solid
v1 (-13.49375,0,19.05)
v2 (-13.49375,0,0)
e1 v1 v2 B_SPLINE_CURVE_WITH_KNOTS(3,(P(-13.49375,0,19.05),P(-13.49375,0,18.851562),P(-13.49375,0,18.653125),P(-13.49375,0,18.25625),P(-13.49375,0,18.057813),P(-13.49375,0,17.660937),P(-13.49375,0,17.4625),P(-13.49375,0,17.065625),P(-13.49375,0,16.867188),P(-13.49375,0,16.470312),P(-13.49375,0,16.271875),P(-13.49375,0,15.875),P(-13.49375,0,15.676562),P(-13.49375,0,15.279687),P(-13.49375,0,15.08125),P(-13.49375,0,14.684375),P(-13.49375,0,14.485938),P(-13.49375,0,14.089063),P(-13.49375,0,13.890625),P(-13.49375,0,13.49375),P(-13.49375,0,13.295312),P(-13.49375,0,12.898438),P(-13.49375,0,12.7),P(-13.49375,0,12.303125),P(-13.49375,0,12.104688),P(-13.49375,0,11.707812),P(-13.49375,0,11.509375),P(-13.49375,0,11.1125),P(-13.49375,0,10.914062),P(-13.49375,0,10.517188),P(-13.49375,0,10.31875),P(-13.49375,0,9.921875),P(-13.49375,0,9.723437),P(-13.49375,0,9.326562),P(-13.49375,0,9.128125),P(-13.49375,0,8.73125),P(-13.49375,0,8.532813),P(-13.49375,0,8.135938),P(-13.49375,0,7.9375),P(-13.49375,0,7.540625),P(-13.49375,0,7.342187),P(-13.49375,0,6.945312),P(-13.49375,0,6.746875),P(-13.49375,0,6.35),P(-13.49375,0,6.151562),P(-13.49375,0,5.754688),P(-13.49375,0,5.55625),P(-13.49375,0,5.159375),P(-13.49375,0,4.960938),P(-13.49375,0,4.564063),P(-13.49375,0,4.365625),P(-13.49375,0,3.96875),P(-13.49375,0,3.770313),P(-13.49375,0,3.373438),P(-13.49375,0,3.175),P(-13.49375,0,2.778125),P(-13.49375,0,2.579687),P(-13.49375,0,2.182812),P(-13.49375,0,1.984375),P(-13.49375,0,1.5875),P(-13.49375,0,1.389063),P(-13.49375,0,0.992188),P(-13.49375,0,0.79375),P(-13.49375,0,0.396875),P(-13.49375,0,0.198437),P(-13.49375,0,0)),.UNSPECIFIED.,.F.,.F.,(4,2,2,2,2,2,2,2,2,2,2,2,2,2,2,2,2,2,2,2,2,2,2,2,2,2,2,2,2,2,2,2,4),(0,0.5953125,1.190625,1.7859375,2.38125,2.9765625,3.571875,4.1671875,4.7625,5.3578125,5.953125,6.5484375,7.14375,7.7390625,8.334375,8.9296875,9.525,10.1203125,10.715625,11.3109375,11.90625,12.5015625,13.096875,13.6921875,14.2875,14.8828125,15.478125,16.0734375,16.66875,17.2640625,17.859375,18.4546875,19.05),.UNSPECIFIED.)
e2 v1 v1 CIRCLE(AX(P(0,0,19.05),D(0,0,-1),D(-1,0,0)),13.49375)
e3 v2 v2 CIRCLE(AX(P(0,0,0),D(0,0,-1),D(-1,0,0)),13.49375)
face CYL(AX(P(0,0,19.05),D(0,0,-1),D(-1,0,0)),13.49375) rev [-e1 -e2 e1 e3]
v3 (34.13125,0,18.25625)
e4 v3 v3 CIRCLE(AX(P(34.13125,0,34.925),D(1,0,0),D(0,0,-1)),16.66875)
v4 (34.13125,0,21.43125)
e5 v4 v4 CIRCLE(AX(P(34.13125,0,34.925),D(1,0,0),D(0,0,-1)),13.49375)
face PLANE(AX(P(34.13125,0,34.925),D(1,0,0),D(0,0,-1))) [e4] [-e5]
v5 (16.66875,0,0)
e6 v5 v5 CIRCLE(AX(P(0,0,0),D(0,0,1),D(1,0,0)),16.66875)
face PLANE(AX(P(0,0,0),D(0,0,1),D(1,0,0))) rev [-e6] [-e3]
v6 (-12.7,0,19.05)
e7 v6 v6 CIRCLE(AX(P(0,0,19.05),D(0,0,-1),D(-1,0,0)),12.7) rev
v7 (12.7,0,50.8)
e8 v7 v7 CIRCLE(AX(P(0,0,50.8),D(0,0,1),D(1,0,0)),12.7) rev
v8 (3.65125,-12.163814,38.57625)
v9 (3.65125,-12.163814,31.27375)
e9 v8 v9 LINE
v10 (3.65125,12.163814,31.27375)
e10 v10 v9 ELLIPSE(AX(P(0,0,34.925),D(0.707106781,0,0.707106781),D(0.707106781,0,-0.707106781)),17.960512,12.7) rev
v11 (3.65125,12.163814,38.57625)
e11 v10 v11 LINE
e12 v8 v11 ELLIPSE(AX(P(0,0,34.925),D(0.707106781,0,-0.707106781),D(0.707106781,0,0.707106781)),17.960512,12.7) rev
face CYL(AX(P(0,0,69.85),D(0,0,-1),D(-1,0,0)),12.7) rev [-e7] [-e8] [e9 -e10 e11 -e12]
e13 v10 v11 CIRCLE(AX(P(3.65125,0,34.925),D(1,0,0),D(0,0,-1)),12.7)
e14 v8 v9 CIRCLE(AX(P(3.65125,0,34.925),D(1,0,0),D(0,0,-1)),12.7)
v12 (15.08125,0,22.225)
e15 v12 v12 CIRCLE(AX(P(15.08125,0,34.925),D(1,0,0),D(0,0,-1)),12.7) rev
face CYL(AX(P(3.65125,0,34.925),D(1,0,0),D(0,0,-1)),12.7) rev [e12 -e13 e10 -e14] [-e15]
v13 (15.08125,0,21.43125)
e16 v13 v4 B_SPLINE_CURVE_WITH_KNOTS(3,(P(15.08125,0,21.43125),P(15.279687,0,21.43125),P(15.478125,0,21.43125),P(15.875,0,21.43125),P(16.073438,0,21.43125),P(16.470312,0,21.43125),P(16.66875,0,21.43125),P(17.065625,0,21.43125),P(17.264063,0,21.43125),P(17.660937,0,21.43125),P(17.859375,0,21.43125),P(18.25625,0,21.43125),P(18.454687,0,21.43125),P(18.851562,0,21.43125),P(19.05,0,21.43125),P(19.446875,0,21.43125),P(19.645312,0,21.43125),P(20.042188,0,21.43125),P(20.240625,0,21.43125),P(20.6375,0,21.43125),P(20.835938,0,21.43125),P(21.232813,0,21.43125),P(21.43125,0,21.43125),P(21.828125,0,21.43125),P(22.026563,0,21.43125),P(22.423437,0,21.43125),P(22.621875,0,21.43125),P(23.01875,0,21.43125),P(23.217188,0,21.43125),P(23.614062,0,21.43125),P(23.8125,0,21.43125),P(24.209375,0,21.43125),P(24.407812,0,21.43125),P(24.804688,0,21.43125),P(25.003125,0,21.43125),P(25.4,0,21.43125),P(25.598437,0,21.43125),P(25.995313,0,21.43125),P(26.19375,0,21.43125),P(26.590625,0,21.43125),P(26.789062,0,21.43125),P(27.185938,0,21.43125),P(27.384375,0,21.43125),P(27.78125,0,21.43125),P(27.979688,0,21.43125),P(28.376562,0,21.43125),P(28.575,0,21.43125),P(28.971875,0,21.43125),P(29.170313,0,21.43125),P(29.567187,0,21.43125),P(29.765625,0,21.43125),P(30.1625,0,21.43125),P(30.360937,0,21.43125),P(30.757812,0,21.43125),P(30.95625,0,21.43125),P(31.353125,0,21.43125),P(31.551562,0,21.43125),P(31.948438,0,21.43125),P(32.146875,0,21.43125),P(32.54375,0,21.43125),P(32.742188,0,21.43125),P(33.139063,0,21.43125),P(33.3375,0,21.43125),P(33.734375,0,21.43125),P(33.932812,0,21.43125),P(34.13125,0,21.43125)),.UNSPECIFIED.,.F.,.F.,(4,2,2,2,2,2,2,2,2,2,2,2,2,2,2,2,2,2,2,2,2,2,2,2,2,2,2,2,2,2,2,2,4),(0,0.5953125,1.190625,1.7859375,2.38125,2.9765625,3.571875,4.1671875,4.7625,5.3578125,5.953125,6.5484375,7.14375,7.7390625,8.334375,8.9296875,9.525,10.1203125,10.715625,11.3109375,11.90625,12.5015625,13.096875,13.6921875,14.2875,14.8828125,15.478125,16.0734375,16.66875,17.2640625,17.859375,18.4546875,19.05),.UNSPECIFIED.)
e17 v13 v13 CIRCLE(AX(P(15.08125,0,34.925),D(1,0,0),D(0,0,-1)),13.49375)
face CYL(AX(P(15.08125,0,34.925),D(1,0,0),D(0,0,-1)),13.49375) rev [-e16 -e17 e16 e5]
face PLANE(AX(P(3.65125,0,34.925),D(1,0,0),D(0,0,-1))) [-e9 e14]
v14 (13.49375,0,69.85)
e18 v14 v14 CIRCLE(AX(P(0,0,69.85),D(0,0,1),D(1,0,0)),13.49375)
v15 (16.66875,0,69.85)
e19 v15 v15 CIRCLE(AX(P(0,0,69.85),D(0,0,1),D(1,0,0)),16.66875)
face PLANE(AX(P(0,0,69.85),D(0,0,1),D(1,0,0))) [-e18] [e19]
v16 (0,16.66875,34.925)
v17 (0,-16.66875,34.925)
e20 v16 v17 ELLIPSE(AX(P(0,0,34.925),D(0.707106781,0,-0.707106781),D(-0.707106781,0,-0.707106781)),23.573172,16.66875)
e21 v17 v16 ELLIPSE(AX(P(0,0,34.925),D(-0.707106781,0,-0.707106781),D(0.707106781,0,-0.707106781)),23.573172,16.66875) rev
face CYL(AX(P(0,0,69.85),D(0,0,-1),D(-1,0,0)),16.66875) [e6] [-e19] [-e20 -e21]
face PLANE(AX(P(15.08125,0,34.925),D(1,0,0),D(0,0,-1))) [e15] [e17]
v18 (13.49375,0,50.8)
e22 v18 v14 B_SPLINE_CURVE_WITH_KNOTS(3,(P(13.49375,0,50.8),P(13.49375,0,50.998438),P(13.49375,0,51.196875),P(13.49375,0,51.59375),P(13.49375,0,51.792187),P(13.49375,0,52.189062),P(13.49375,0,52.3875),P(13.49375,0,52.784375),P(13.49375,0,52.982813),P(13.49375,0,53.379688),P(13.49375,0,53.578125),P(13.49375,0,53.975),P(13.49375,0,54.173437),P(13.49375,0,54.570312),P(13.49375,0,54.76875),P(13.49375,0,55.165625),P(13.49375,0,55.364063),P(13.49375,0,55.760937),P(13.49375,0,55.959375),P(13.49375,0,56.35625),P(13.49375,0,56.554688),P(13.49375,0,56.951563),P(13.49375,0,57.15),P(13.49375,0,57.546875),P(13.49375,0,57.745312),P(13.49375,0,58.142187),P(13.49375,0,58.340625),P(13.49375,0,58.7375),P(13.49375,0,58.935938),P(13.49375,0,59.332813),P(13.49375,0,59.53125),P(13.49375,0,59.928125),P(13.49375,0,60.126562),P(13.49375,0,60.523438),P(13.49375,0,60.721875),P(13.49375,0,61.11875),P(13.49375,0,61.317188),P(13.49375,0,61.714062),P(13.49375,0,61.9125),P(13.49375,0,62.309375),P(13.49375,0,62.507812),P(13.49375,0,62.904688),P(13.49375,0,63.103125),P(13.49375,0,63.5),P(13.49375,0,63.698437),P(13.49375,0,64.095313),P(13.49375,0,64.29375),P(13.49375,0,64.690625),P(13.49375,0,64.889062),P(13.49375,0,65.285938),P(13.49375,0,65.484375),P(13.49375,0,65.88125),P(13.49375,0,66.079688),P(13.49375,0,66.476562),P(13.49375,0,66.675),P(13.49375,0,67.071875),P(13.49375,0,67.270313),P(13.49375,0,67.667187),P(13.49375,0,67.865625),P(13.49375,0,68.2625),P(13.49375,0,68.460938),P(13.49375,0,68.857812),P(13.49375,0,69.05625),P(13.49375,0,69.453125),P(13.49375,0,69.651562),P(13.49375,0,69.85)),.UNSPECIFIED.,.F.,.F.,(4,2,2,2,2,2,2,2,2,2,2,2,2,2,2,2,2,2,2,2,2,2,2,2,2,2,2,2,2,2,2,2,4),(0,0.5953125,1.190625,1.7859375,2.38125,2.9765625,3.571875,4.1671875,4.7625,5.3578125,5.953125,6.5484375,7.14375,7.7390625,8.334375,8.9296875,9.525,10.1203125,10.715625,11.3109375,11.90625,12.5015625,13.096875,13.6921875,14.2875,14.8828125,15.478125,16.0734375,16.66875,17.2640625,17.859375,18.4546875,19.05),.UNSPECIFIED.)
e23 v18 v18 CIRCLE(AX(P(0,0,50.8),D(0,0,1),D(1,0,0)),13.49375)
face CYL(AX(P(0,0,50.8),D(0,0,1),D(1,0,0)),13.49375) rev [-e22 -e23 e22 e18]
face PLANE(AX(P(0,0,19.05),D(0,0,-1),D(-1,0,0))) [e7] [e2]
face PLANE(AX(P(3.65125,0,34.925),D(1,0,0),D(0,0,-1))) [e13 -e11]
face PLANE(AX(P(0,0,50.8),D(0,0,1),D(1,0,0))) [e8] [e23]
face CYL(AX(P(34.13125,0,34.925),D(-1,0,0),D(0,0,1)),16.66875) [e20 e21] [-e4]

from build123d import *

# Parameters (mm, degrees)
SKETCH1_R           = 16.66875
BOSS_EXTRUDE1_DEPTH = 69.85
SKETCH2_R           = 16.66875
BOSS_EXTRUDE2_DEPTH = 34.13125
SKETCH3_R           = 12.7
CUT_EXTRUDE1_DEPTH  = 30.48
SKETCH5_R           = 12.7
CUT_EXTRUDE3_DEPTH  = 80.509822998
SKETCH7_R           = 13.49375
CUT_EXTRUDE4_DEPTH  = 19.05
SKETCH8_R           = 13.49375
CUT_EXTRUDE5_DEPTH  = 19.05
CUT_EXTRUDE6_START  = -19.05
SKETCH9_R           = 13.49375
CUT_EXTRUDE6_DEPTH  = 19.05


with BuildPart() as part:
    # Sketch1 → Boss-Extrude1 (new body)
    with BuildSketch(Plane.XY):
        Circle(SKETCH1_R)
    extrude(amount=BOSS_EXTRUDE1_DEPTH)

    # Sketch2 → Boss-Extrude2 (add)
    with BuildSketch(Plane(origin=(0, 0, 0), x_dir=(0, 0, -1), z_dir=(1, 0, 0))):
        with Locations((-34.925, 0)):
            Circle(SKETCH2_R)
    extrude(amount=BOSS_EXTRUDE2_DEPTH)

    # Sketch3 → Cut-Extrude1 (cut)
    with BuildSketch(Plane(origin=(34.13125, 0, 0), x_dir=(0, 0, -1), z_dir=(1, 0, 0))):
        with Locations((-34.925, 0)):
            Circle(SKETCH3_R)
    extrude(amount=-CUT_EXTRUDE1_DEPTH, mode=Mode.SUBTRACT)

    # Sketch5 → Cut-Extrude3 (cut, through all)
    with BuildSketch(Plane(origin=(0, 0, 0), x_dir=(-1, 0, 0), z_dir=(0, 0, -1))):
        Circle(SKETCH5_R)
    extrude(amount=-CUT_EXTRUDE3_DEPTH, mode=Mode.SUBTRACT)

    # Sketch7 → Cut-Extrude4 (cut)
    with BuildSketch(Plane.XY.offset(69.85)):
        Circle(SKETCH7_R)
    extrude(amount=-CUT_EXTRUDE4_DEPTH, mode=Mode.SUBTRACT)

    # Sketch8 → Cut-Extrude5 (cut)
    with BuildSketch(Plane(origin=(34.13125, 0, 0), x_dir=(0, 0, -1), z_dir=(1, 0, 0))):
        with Locations((-34.925, 0)):
            Circle(SKETCH8_R)
    extrude(amount=-CUT_EXTRUDE5_DEPTH, mode=Mode.SUBTRACT)

    # Sketch9 → Cut-Extrude6 (cut)
    with BuildSketch(Plane(origin=(0, 0, 0), x_dir=(-1, 0, 0), z_dir=(0, 0, -1)).offset(CUT_EXTRUDE6_START)):
        with Locations(Location((0, 0, 0), (0, 0, 180))):
            Circle(SKETCH9_R)
    extrude(amount=CUT_EXTRUDE6_DEPTH, mode=Mode.SUBTRACT)


solid = part.part
